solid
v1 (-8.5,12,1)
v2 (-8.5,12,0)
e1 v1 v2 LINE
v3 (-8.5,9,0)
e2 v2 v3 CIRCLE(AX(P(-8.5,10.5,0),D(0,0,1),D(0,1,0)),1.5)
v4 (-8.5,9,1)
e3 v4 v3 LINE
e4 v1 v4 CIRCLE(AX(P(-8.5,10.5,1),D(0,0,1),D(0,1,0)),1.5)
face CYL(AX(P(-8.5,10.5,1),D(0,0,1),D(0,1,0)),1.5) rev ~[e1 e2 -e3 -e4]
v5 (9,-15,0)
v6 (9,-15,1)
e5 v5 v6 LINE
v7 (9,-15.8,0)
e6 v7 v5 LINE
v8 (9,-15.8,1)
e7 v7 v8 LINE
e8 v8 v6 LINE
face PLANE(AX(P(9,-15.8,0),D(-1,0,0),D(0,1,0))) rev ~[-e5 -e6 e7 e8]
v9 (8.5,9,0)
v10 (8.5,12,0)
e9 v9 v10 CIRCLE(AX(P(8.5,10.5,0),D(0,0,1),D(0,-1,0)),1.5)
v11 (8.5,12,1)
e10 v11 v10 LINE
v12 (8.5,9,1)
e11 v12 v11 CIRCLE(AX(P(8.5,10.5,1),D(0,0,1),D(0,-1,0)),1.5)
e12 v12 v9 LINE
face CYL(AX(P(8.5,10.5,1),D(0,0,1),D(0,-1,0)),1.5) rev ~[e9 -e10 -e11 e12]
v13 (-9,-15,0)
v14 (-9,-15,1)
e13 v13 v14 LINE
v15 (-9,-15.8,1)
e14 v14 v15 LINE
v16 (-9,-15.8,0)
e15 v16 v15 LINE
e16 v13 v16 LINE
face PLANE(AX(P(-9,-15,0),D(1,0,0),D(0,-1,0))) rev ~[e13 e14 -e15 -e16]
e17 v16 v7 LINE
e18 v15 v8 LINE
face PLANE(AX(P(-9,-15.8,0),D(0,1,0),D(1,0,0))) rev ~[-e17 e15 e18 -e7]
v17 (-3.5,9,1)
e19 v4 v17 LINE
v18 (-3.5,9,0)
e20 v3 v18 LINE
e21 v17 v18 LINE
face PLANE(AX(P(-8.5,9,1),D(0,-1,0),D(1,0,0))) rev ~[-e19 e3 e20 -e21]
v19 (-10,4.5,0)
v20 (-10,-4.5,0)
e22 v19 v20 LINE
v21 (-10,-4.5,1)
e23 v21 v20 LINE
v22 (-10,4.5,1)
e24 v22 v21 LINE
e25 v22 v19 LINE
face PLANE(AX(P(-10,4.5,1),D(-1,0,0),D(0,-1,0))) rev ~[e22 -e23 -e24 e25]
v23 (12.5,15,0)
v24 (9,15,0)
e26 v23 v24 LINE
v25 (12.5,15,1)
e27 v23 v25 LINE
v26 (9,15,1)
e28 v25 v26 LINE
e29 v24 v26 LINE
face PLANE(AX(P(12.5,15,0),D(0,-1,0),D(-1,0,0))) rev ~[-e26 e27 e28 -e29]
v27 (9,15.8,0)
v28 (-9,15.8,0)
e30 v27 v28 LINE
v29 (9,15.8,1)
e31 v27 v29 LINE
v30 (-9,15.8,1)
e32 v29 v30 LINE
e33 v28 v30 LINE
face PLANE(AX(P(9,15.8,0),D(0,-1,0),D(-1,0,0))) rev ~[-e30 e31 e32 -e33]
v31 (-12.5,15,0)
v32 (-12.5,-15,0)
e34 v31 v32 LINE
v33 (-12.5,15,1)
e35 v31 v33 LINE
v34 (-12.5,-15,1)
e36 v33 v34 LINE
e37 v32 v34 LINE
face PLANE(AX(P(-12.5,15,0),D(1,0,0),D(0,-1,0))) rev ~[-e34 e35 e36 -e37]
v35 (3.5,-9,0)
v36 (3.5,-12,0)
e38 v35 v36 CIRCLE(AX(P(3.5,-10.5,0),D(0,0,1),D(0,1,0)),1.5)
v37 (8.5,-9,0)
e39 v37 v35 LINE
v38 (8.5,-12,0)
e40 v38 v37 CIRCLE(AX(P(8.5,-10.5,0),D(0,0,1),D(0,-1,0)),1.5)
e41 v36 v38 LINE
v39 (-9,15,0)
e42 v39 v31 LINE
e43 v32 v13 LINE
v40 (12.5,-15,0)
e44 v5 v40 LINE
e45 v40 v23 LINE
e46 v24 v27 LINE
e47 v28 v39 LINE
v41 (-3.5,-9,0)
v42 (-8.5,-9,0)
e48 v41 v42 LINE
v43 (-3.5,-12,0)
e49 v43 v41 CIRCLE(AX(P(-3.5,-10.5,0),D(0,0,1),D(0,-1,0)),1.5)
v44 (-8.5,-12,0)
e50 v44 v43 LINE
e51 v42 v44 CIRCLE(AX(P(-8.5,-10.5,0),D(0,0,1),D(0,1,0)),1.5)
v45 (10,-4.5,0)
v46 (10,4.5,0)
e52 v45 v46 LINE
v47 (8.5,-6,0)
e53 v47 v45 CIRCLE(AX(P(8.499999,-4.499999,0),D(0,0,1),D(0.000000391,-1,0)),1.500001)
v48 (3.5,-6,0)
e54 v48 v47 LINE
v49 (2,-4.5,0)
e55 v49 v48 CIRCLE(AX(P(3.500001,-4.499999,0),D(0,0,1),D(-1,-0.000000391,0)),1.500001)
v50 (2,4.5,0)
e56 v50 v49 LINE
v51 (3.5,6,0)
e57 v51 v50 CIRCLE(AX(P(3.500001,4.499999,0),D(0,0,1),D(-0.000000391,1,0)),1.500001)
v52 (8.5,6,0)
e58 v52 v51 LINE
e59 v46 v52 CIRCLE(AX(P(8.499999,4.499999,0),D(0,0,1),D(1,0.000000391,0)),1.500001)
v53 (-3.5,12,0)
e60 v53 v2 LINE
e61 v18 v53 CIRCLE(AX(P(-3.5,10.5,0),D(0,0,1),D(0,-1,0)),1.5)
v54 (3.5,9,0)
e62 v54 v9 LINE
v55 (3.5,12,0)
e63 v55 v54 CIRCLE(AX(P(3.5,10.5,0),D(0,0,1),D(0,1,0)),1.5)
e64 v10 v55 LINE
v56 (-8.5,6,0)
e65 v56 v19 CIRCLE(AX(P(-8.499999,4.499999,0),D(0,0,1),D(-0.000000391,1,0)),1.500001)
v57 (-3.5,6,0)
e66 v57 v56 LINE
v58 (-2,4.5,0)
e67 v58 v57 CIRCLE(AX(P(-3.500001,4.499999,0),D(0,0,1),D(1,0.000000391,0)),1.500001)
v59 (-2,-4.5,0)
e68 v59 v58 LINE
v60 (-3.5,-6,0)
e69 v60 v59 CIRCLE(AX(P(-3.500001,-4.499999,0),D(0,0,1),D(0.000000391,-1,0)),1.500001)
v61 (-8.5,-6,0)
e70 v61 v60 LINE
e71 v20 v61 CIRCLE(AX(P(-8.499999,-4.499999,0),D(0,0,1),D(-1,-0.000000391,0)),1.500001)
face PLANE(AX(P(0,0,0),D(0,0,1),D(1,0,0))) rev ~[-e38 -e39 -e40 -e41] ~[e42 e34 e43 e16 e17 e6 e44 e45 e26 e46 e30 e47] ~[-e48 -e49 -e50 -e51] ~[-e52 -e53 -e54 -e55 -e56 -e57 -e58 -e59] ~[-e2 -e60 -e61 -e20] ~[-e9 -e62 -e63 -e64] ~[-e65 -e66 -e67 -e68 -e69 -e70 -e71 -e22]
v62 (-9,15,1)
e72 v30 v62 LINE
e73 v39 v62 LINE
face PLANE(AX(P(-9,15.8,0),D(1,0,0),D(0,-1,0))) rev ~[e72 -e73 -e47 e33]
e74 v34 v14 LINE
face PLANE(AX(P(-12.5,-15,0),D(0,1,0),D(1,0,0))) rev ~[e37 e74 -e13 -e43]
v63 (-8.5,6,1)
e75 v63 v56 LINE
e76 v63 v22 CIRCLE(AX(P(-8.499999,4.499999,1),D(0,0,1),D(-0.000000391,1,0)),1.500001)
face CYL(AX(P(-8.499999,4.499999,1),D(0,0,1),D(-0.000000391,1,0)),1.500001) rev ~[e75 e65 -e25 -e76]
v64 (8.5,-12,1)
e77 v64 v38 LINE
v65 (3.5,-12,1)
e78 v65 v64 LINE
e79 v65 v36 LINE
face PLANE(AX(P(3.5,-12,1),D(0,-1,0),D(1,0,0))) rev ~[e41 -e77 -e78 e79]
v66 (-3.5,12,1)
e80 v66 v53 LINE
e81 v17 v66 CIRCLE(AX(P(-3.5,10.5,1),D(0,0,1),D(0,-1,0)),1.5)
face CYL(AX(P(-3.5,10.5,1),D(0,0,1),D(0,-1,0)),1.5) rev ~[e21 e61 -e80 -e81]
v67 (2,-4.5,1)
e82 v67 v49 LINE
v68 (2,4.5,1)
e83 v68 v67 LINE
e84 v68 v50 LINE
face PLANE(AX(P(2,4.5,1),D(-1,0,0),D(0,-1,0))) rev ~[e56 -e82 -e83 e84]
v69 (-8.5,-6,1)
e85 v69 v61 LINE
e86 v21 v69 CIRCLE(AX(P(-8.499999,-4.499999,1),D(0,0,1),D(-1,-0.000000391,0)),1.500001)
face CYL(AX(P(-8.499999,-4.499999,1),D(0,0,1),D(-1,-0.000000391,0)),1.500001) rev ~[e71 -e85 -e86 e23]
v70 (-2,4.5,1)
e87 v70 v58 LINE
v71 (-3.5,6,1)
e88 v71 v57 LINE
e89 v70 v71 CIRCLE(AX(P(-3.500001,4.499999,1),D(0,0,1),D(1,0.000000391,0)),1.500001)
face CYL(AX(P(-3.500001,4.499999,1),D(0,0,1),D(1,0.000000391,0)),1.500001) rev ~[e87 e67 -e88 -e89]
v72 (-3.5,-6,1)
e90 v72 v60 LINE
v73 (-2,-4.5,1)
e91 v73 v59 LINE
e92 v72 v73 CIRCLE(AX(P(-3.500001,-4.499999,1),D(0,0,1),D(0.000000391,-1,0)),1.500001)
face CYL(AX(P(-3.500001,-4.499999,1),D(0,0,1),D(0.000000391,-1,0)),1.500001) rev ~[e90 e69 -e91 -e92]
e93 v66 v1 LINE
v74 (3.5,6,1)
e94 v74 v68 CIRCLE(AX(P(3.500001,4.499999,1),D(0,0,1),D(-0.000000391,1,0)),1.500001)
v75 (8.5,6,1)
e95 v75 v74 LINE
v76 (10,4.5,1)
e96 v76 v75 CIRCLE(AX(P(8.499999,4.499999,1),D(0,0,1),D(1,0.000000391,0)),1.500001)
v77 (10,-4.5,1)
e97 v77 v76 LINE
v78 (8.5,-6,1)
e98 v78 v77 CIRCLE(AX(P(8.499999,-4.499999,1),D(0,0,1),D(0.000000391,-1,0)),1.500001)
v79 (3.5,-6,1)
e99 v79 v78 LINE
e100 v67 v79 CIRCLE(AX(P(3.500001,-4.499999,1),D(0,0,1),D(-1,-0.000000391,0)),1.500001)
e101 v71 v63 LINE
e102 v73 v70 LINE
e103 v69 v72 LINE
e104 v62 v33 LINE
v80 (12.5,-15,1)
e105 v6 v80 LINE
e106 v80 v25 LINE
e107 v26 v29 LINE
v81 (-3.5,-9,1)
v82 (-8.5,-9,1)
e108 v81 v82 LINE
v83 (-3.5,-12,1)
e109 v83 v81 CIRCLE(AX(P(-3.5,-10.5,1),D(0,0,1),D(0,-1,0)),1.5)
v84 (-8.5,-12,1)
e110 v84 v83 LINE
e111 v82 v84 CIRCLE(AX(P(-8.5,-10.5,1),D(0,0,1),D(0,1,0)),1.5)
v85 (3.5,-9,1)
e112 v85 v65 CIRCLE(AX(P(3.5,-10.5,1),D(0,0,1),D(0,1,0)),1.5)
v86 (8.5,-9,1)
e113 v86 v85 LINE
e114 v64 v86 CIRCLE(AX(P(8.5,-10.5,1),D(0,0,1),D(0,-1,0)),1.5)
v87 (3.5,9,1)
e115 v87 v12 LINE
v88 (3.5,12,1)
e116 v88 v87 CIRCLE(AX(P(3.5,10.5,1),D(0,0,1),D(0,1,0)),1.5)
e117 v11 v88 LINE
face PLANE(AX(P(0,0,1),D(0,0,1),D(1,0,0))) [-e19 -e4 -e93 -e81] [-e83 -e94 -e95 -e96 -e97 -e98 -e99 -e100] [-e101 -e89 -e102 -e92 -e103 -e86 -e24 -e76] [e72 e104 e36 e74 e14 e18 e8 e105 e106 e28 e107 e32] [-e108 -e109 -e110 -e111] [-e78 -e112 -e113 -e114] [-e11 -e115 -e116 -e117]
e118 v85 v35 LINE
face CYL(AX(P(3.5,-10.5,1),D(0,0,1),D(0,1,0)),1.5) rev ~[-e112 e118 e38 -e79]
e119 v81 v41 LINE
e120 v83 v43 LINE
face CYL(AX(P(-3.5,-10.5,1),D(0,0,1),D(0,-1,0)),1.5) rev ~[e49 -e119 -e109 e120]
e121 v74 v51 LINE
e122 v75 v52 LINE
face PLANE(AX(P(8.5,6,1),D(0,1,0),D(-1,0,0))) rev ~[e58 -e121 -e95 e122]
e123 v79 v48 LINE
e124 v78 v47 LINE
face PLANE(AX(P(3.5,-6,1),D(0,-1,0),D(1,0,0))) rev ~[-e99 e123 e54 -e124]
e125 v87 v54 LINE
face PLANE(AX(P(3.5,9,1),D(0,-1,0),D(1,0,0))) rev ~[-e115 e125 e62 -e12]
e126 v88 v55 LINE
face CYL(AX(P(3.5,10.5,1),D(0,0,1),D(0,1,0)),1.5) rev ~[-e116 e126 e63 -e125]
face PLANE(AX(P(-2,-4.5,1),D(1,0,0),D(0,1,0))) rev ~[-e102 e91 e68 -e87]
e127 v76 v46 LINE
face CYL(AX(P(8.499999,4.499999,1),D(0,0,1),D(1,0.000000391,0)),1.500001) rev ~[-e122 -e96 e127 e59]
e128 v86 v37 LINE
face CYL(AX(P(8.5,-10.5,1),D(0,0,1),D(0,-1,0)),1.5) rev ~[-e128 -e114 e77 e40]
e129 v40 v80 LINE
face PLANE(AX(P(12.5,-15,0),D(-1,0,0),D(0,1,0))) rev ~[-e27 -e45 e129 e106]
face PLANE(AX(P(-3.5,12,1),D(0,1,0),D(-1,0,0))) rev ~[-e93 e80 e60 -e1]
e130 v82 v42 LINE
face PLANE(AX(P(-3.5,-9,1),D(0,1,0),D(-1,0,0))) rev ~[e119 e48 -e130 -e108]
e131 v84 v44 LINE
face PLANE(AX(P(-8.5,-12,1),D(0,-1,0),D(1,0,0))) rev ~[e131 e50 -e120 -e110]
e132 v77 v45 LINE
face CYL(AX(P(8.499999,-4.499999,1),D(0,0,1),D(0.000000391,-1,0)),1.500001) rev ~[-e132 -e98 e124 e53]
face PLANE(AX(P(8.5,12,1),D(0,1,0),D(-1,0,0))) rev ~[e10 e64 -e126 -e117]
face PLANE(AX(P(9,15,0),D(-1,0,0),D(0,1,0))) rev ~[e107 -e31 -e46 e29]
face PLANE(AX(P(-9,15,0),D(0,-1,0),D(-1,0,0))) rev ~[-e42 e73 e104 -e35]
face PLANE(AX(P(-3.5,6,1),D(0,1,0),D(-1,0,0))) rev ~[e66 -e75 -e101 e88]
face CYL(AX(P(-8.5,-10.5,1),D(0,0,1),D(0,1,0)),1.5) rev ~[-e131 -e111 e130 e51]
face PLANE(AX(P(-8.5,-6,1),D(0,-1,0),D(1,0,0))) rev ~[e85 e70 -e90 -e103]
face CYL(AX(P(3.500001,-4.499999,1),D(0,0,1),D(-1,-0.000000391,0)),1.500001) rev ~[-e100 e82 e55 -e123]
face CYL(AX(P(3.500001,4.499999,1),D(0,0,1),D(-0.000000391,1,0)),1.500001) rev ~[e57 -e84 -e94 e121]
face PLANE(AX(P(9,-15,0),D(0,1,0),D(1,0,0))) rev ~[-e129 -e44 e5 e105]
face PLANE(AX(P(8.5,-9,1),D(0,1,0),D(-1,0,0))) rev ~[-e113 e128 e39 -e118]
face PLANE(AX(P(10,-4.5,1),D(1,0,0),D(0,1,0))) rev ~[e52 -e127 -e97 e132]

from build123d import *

# Parameters (mm, degrees)
F1_DEPTH = 1
F3_DEPTH = 25


with BuildPart() as f1:
    # F0 (on Top) → F1 (new body)
    with BuildSketch(Plane.XY):
        Polygon((-9, 15), (-12.5, 15), (-12.5, -15), (-9, -15), (-9, -15.8), (9, -15.8), (9, -15), (12.5, -15), (12.5, 15), (9, 15), (9, 15.8), (-9, 15.8), align=None)
    extrude(amount=F1_DEPTH)

    # F2 (on face) → F3 (cut)
    with BuildSketch(Plane.XY.offset(1)):
        with BuildLine():
            ThreePointArc((-8.5, 12), (-10, 10.5), (-8.5, 9))
            Line((-8.5, 9), (-3.5, 9))
            ThreePointArc((-3.5, 9), (-2, 10.5), (-3.5, 12))
            Line((-3.5, 12), (-8.5, 12))
        make_face()
        with BuildLine():
            Line((8.5, 12), (3.5, 12))
            ThreePointArc((3.5, 12), (2, 10.5), (3.5, 9))
            Line((3.5, 9), (8.5, 9))
            ThreePointArc((8.5, 9), (10, 10.5), (8.5, 12))
        make_face()
        with BuildLine():
            Line((3.5, -6), (8.5, -6))
            ThreePointArc((8.5, -6), (9.56066, -5.56066), (10, -4.5))
            Line((10, -4.5), (10, 4.5))
            ThreePointArc((10, 4.5), (9.56066, 5.56066), (8.5, 6))
            Line((8.5, 6), (3.5, 6))
            ThreePointArc((3.5, 6), (2.43934, 5.56066), (2, 4.5))
            Line((2, 4.5), (2, -4.5))
            ThreePointArc((2, -4.5), (2.43934, -5.56066), (3.5, -6))
        make_face()
        with BuildLine():
            Line((-3.5, 6), (-8.5, 6))
            ThreePointArc((-8.5, 6), (-9.56066, 5.56066), (-10, 4.5))
            Line((-10, 4.5), (-10, -4.5))
            ThreePointArc((-10, -4.5), (-9.56066, -5.56066), (-8.5, -6))
            Line((-8.5, -6), (-3.5, -6))
            ThreePointArc((-3.5, -6), (-2.43934, -5.56066), (-2, -4.5))
            Line((-2, -4.5), (-2, 4.5))
            ThreePointArc((-2, 4.5), (-2.43934, 5.56066), (-3.5, 6))
        make_face()
        with BuildLine():
            Line((-3.5, -9), (-8.5, -9))
            ThreePointArc((-8.5, -9), (-10, -10.5), (-8.5, -12))
            Line((-8.5, -12), (-3.5, -12))
            ThreePointArc((-3.5, -12), (-2, -10.5), (-3.5, -9))
        make_face()
        with BuildLine():
            ThreePointArc((8.5, -12), (10, -10.5), (8.5, -9))
            Line((8.5, -9), (3.5, -9))
            ThreePointArc((3.5, -9), (2, -10.5), (3.5, -12))
            Line((3.5, -12), (8.5, -12))
        make_face()
    extrude(amount=-F3_DEPTH, mode=Mode.SUBTRACT)


solid = f1.part
